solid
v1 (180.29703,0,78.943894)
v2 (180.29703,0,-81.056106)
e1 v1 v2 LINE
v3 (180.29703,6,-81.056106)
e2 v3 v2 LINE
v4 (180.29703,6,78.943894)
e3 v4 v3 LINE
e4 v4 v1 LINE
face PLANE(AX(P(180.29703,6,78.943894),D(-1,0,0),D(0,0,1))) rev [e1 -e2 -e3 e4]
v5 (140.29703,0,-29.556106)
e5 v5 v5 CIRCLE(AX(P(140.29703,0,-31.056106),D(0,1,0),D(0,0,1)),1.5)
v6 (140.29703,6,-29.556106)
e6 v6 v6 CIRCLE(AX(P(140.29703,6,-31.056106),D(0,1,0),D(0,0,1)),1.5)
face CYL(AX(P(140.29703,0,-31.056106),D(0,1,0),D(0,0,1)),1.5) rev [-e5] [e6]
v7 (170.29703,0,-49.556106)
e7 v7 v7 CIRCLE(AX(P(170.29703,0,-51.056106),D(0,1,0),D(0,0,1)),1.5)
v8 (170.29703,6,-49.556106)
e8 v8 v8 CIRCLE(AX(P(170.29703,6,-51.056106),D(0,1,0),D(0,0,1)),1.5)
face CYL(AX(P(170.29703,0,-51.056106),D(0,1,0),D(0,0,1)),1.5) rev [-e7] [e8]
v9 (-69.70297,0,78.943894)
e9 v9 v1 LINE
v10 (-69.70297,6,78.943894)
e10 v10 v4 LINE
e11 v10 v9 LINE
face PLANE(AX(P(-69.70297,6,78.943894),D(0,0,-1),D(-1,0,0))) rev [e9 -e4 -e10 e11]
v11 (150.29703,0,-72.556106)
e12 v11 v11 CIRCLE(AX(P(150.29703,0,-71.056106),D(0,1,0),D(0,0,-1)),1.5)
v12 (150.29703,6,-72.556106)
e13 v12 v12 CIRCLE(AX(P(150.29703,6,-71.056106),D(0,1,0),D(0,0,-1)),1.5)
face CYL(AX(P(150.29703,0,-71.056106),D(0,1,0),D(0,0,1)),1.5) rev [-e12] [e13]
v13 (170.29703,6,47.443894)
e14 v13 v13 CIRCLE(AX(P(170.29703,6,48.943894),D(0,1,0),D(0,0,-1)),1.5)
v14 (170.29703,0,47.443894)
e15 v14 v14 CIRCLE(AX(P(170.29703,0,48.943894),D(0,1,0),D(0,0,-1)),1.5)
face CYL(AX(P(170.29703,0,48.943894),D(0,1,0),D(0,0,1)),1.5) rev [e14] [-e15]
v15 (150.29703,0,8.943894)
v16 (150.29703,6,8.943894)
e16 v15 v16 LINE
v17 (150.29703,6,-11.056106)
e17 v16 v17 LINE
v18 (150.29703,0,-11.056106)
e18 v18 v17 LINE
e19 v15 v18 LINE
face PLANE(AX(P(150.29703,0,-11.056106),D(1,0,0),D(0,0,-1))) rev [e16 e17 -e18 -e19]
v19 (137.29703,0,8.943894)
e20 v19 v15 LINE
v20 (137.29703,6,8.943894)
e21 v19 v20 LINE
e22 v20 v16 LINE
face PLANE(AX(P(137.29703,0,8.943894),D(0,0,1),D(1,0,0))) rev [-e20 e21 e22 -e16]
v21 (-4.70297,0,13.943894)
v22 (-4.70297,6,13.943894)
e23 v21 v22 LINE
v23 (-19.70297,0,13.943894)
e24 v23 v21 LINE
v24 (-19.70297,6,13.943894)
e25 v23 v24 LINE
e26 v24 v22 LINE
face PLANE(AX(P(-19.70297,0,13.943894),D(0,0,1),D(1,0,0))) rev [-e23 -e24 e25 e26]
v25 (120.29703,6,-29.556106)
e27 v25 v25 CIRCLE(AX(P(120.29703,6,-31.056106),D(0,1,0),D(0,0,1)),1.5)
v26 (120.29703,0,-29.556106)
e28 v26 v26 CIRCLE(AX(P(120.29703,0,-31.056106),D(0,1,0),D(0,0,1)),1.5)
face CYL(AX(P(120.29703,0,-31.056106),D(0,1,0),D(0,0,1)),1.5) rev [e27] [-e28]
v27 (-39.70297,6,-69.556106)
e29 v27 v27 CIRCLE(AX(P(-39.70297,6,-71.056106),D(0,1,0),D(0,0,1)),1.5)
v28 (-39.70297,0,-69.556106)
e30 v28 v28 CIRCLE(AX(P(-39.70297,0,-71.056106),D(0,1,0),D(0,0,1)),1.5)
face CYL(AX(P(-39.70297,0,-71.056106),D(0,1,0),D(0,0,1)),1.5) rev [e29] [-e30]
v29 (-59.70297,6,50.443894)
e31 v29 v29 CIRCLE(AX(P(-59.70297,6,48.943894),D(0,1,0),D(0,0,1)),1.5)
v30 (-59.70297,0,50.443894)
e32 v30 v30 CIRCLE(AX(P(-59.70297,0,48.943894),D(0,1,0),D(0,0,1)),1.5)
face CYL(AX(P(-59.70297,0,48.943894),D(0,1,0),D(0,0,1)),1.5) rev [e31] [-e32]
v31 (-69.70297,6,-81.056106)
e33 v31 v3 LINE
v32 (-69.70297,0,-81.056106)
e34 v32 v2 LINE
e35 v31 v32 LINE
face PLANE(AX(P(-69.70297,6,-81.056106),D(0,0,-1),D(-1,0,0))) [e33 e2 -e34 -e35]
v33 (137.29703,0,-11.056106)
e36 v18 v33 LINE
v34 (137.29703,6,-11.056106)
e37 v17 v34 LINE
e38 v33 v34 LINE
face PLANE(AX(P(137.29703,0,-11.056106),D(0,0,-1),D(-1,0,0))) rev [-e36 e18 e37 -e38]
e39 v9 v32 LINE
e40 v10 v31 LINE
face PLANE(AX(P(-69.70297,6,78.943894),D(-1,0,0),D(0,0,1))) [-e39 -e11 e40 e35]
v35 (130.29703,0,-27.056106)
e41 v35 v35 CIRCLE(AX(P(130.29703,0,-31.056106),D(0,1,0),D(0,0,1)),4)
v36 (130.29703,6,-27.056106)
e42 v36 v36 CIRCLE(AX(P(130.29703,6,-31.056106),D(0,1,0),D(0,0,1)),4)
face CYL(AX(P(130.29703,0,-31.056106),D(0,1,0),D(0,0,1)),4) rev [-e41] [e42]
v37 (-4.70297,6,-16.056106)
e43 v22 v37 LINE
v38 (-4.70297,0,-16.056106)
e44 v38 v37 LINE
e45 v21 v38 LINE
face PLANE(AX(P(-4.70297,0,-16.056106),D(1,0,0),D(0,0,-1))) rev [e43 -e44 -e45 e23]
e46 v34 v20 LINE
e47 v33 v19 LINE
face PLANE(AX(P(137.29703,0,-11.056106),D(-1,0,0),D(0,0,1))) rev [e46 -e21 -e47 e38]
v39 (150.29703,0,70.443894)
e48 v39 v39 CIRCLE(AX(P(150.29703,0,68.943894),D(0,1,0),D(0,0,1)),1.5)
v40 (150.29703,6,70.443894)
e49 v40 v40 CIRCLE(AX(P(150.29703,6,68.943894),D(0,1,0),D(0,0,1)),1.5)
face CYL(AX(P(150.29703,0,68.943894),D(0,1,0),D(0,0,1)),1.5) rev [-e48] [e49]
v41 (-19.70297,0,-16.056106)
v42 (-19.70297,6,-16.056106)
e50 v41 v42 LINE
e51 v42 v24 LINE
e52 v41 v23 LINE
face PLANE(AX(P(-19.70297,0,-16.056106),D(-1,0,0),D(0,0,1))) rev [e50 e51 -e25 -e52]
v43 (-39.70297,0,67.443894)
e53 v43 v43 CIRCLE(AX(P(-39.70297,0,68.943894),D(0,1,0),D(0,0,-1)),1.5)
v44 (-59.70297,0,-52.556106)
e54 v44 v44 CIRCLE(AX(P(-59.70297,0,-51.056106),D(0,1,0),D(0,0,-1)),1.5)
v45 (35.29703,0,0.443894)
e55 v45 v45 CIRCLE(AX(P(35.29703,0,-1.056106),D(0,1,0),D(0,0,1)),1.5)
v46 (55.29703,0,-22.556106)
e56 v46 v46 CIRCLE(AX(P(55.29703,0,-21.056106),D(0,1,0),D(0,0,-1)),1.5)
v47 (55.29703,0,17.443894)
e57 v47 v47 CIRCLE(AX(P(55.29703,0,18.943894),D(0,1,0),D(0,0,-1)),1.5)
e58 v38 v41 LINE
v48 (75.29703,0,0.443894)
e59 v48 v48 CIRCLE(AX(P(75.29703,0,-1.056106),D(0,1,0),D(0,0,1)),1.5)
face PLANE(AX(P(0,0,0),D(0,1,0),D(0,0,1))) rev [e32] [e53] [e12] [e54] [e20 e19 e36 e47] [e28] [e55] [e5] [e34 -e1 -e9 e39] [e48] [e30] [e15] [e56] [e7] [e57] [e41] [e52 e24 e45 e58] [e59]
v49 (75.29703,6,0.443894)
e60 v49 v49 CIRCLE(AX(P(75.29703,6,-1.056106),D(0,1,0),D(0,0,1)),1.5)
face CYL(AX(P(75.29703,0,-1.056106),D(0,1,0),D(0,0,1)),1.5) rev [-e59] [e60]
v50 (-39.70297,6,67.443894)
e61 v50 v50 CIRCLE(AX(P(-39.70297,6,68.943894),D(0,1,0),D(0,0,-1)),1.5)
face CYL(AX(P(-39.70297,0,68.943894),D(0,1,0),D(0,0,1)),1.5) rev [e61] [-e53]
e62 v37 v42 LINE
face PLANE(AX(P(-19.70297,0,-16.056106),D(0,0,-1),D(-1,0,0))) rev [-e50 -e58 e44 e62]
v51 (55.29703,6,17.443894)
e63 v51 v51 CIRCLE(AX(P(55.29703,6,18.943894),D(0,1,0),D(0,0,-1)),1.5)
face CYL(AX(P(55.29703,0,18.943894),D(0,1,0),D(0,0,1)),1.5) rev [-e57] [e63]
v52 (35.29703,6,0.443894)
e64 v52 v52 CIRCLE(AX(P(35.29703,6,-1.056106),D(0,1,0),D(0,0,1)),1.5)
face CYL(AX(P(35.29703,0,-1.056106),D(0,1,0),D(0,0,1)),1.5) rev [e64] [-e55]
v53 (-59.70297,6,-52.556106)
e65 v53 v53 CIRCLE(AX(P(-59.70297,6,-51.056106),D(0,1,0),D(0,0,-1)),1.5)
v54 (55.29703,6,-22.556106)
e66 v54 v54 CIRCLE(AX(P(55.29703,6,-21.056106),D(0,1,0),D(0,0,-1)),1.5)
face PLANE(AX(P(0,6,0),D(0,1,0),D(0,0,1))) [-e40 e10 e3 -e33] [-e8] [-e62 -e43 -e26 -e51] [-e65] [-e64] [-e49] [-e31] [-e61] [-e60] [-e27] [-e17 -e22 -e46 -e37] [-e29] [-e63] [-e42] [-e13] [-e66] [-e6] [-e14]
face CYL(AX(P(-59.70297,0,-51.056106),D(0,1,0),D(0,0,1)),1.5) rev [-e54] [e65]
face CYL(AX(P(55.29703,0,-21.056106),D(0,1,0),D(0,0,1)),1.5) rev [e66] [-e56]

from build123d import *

# Parameters (mm, degrees)
SKETCH_1_W          = 250
SKETCH_1_H          = 160
EXTRUDE_1_DEPTH     = 6
SKETCH_2_R          = 1.5
CUT_EXTRUDE_1_DEPTH = 6
SKETCH_3_R          = 1.5
SKETCH_3_R_2        = 4
SKETCH_3_W          = 13
SKETCH_3_H          = 20
CUT_EXTRUDE_2_DEPTH = 6
SKETCH_4_W          = 15
SKETCH_4_H          = 30
CUT_EXTRUDE_3_DEPTH = 6


with BuildPart() as part:
    # Эскиз1 → Бобышка-Вытянуть1 (new body)
    with BuildSketch(Plane(origin=(0, 0, 0), x_dir=(1, 0, 0), z_dir=(0, 1, 0))):
        with Locations((55.297029703, 1.056105611)):
            Rectangle(SKETCH_1_W, SKETCH_1_H)
    extrude(amount=EXTRUDE_1_DEPTH)

    # Эскиз2 → Вырез-Вытянуть1 (cut)
    with BuildSketch(Plane(origin=(0, 6, 0), x_dir=(1, 0, 0), z_dir=(0, 1, 0))):
        with Locations(Location((-39.702970297, 71.056105611, 0), (0, 0, 270))):
            Circle(SKETCH_2_R)
        with Locations(Location((-59.702970297, 51.056105611, 0), (0, 0, 90))):
            Circle(SKETCH_2_R)
        with Locations(Location((150.297029703, 71.056105611, 0), (0, 0, 90))):
            Circle(SKETCH_2_R)
        with Locations(Location((170.297029703, 51.056105611, 0), (0, 0, 270))):
            Circle(SKETCH_2_R)
        with Locations(Location((170.297029703, -48.943894389, 0), (0, 0, 90))):
            Circle(SKETCH_2_R)
        with Locations(Location((150.297029703, -68.943894389, 0), (0, 0, 270))):
            Circle(SKETCH_2_R)
        with Locations(Location((-59.702970297, -48.943894389, 0), (0, 0, 270))):
            Circle(SKETCH_2_R)
        with Locations(Location((-39.702970297, -68.943894389, 0), (0, 0, 90))):
            Circle(SKETCH_2_R)
        with Locations(Location((35.297029703, 1.056105611, 0), (0, 0, 270))):
            Circle(SKETCH_2_R)
        with Locations(Location((55.297029703, 21.056105611, 0), (0, 0, 90))):
            Circle(SKETCH_2_R)
        with Locations(Location((55.297029703, -18.943894389, 0), (0, 0, 90))):
            Circle(SKETCH_2_R)
        with Locations(Location((75.297029703, 1.056105611, 0), (0, 0, 270))):
            Circle(SKETCH_2_R)
    extrude(amount=-CUT_EXTRUDE_1_DEPTH, mode=Mode.SUBTRACT)

    # Эскиз3 → Вырез-Вытянуть2 (cut)
    with BuildSketch(Plane(origin=(0, 6, 0), x_dir=(1, 0, 0), z_dir=(0, 1, 0))):
        with Locations(Location((140.297029703, 31.056105611, 0), (0, 0, 270))):
            Circle(SKETCH_3_R)
        with Locations(Location((120.297029703, 31.056105611, 0), (0, 0, 270))):
            Circle(SKETCH_3_R)
        with Locations(Location((130.297029703, 31.056105611, 0), (0, 0, 270))):
            Circle(SKETCH_3_R_2)
        with Locations((143.797029703, 1.056105611)):
            Rectangle(SKETCH_3_W, SKETCH_3_H)
    extrude(amount=-CUT_EXTRUDE_2_DEPTH, mode=Mode.SUBTRACT)

    # Эскиз4 → Вырез-Вытянуть3 (cut)
    with BuildSketch(Plane(origin=(0, 6, 0), x_dir=(1, 0, 0), z_dir=(0, 1, 0))):
        with Locations((-12.202970297, 1.056105611)):
            Rectangle(SKETCH_4_W, SKETCH_4_H)
    extrude(amount=-CUT_EXTRUDE_3_DEPTH, mode=Mode.SUBTRACT)


solid = part.part
